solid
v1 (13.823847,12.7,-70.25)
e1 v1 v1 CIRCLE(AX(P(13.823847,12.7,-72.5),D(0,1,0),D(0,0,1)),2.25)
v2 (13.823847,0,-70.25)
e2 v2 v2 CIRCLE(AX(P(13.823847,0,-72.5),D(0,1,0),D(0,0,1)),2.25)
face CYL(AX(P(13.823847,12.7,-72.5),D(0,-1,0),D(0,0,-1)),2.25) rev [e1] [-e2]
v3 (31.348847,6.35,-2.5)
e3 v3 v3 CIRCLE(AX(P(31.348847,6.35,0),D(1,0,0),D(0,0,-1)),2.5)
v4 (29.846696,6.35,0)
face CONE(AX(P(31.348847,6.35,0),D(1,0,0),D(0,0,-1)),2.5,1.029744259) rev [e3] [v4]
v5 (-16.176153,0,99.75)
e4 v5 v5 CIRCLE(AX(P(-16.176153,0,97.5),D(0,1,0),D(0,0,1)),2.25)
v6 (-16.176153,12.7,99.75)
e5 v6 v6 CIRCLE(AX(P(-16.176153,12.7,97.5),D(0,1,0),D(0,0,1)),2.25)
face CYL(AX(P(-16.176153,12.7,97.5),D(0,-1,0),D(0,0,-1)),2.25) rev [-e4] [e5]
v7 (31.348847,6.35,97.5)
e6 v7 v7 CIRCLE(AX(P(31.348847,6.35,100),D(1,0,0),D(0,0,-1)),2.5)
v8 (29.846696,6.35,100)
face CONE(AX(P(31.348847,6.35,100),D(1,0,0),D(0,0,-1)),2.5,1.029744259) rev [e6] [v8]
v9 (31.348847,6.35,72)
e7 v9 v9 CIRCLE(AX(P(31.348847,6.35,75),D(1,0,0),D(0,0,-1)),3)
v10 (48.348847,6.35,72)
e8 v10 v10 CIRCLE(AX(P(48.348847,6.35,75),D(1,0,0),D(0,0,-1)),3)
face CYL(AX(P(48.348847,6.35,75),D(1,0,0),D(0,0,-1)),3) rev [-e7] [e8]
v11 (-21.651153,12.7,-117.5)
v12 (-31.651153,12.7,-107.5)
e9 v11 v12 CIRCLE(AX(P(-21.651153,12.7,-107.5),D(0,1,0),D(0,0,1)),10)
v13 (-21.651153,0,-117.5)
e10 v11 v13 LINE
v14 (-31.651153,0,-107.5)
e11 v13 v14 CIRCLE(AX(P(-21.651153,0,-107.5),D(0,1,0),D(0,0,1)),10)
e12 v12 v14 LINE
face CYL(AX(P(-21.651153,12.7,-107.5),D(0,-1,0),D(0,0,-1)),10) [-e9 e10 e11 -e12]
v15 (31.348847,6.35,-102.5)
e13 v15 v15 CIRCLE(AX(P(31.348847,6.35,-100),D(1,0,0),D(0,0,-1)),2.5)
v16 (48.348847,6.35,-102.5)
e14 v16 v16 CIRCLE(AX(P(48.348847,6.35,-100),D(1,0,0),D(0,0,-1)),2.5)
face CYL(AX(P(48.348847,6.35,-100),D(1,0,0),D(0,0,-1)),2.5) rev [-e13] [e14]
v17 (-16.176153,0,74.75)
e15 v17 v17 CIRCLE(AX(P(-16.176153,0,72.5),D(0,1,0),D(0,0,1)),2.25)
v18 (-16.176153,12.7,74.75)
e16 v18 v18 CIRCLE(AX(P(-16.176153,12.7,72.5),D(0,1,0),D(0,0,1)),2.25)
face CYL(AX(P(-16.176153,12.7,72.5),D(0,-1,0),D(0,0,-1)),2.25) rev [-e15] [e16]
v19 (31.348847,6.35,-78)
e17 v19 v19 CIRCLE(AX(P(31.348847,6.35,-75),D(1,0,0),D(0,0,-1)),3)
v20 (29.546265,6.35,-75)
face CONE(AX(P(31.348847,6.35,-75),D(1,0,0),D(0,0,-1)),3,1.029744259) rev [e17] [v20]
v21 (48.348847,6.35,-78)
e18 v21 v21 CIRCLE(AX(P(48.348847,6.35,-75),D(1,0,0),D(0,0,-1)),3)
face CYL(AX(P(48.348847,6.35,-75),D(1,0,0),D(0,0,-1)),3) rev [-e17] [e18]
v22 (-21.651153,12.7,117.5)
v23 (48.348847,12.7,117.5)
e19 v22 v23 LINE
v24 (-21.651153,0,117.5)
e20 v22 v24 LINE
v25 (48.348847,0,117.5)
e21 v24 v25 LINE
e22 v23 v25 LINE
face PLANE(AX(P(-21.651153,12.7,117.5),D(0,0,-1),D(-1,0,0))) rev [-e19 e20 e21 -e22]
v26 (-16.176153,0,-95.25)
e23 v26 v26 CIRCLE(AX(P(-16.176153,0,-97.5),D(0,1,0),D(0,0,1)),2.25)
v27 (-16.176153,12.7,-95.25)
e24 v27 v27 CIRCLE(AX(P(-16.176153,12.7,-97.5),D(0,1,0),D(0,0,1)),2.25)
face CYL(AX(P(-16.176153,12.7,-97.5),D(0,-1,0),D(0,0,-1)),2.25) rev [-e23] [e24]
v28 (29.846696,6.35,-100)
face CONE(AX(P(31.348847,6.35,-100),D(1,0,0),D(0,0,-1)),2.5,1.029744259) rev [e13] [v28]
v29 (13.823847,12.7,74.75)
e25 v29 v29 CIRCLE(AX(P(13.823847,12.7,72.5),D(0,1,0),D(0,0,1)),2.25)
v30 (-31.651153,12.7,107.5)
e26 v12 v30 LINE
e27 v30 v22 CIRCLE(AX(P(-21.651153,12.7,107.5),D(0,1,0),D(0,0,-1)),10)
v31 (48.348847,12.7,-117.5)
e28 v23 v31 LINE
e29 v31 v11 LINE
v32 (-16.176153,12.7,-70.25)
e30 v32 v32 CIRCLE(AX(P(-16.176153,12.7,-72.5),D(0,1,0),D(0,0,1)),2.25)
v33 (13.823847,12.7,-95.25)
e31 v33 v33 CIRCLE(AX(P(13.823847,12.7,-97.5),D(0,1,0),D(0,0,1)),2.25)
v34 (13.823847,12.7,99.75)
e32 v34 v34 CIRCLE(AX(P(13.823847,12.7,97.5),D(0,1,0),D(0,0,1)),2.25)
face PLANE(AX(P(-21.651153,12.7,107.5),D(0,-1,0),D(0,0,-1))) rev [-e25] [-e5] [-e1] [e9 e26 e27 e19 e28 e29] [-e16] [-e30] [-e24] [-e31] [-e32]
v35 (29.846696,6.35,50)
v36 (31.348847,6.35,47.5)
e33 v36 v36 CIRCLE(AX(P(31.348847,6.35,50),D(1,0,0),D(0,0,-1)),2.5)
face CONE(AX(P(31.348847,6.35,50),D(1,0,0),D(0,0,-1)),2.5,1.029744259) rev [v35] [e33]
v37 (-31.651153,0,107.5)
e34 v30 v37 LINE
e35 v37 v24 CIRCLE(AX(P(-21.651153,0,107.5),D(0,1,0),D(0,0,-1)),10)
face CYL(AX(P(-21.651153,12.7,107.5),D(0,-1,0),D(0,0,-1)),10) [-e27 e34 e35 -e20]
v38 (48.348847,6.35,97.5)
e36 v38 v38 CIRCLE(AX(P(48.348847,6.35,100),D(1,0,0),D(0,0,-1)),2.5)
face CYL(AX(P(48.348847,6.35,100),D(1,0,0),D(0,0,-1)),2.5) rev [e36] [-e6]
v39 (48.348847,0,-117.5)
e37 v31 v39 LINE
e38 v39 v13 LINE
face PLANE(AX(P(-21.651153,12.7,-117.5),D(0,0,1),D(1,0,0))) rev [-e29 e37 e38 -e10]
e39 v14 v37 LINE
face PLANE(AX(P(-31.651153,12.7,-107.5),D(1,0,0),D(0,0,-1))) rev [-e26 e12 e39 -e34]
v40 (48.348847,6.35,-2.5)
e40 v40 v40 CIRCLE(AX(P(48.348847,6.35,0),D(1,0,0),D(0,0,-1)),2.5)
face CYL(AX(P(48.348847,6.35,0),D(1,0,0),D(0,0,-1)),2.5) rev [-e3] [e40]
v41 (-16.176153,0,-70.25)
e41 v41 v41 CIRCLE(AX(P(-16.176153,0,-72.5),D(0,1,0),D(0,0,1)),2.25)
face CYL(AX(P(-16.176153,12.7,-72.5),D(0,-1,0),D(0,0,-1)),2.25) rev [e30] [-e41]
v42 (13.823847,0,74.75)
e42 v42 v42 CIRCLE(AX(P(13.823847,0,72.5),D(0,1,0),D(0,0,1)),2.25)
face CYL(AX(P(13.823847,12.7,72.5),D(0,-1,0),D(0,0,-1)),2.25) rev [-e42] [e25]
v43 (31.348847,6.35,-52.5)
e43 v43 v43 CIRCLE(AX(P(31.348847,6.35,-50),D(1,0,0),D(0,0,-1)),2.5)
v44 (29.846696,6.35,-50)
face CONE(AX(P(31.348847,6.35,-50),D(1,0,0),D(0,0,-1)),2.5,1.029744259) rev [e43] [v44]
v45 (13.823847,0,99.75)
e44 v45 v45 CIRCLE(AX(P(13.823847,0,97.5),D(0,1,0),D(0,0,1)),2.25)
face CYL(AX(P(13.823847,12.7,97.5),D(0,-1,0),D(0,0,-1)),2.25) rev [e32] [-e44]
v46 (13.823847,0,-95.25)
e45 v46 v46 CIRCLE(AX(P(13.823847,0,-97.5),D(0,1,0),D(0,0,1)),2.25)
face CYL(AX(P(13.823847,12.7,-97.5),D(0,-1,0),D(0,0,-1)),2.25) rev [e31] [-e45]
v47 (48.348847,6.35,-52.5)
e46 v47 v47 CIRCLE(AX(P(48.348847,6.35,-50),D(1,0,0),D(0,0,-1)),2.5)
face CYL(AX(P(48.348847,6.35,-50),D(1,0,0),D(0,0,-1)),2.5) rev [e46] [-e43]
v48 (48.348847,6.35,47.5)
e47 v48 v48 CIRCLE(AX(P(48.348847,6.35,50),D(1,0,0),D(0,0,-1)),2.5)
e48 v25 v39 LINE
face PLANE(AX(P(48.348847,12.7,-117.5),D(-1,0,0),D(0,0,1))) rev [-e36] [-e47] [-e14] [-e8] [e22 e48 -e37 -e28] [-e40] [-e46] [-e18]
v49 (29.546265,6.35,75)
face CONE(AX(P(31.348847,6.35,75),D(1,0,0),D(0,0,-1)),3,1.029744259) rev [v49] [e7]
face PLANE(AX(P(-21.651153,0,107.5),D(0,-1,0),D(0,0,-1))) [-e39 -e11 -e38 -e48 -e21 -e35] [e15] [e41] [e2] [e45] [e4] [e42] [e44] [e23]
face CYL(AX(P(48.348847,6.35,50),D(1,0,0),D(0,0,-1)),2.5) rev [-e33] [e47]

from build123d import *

# Parameters (mm, degrees)
SKETCH1_R                       = 2.25
BOSS_EXTRUDE1_DEPTH             = 12.7
TAP_DRILL_FOR_M6X1_0_TAP1_D     = 5
TAP_DRILL_FOR_M6X1_0_TAP1_DEPTH = 17
TAP_DRILL_FOR_M6X1_0_TAP1_TIP   = 1.502151548
F_6_0MM_DOWEL_HOLE1_D           = 6
F_6_0MM_DOWEL_HOLE1_DEPTH       = 17
F_6_0MM_DOWEL_HOLE1_TIP         = 1.802581857


with BuildPart() as part:
    # Sketch1 → Boss-Extrude1 (new body)
    with BuildSketch(Plane(origin=(0, 0, 0), x_dir=(1, 0, 0), z_dir=(0, 1, 0))):
        with BuildLine():
            Line((48.34884719, 117.5), (48.34884719, -117.5))
            Line((48.34884719, -117.5), (-21.65115281, -117.5))
            ThreePointArc((-21.65115281, -117.5), (-28.722220622, -114.571067812), (-31.65115281, -107.5))
            Line((-31.65115281, -107.5), (-31.65115281, 107.5))
            ThreePointArc((-31.65115281, 107.5), (-28.722220622, 114.571067812), (-21.65115281, 117.5))
            Line((-21.65115281, 117.5), (48.34884719, 117.5))
        make_face()
        with Locations(Location((-16.17615281, -97.5, 0), (0, 0, 270))):
            Circle(SKETCH1_R, mode=Mode.SUBTRACT)
        with Locations(Location((13.82384719, -97.5, 0), (0, 0, 270))):
            Circle(SKETCH1_R, mode=Mode.SUBTRACT)
        with Locations(Location((13.82384719, -72.5, 0), (0, 0, 270))):
            Circle(SKETCH1_R, mode=Mode.SUBTRACT)
        with Locations(Location((-16.17615281, -72.5, 0), (0, 0, 270))):
            Circle(SKETCH1_R, mode=Mode.SUBTRACT)
        with Locations(Location((-16.17615281, 72.5, 0), (0, 0, 270))):
            Circle(SKETCH1_R, mode=Mode.SUBTRACT)
        with Locations(Location((-16.17615281, 97.5, 0), (0, 0, 270))):
            Circle(SKETCH1_R, mode=Mode.SUBTRACT)
        with Locations(Location((13.82384719, 97.5, 0), (0, 0, 270))):
            Circle(SKETCH1_R, mode=Mode.SUBTRACT)
        with Locations(Location((13.82384719, 72.5, 0), (0, 0, 270))):
            Circle(SKETCH1_R, mode=Mode.SUBTRACT)
    extrude(amount=BOSS_EXTRUDE1_DEPTH)

    # Tap Drill for M6x1.0 Tap1
    with Locations(Plane(origin=(48.34884719, 0, 0), x_dir=(0, 0, -1), z_dir=(1, 0, 0))):
        with Locations((-100, 6.35), (-50, 6.35), (0, 6.35), (50, 6.35), (100, 6.35)):
            Hole(TAP_DRILL_FOR_M6X1_0_TAP1_D / 2, depth=TAP_DRILL_FOR_M6X1_0_TAP1_DEPTH)
            with Locations((0, 0, -(TAP_DRILL_FOR_M6X1_0_TAP1_DEPTH + TAP_DRILL_FOR_M6X1_0_TAP1_TIP / 2))):  # 118° drill point
                Cone(0, TAP_DRILL_FOR_M6X1_0_TAP1_D / 2, TAP_DRILL_FOR_M6X1_0_TAP1_TIP, mode=Mode.SUBTRACT)

    # Ø6.0mm Dowel Hole1
    with Locations(Plane(origin=(48.34884719, 0, 0), x_dir=(0, 0, -1), z_dir=(1, 0, 0))):
        with Locations((-75, 6.35), (75, 6.35)):
            Hole(F_6_0MM_DOWEL_HOLE1_D / 2, depth=F_6_0MM_DOWEL_HOLE1_DEPTH)
            with Locations((0, 0, -(F_6_0MM_DOWEL_HOLE1_DEPTH + F_6_0MM_DOWEL_HOLE1_TIP / 2))):  # 118° drill point
                Cone(0, F_6_0MM_DOWEL_HOLE1_D / 2, F_6_0MM_DOWEL_HOLE1_TIP, mode=Mode.SUBTRACT)


solid = part.part
